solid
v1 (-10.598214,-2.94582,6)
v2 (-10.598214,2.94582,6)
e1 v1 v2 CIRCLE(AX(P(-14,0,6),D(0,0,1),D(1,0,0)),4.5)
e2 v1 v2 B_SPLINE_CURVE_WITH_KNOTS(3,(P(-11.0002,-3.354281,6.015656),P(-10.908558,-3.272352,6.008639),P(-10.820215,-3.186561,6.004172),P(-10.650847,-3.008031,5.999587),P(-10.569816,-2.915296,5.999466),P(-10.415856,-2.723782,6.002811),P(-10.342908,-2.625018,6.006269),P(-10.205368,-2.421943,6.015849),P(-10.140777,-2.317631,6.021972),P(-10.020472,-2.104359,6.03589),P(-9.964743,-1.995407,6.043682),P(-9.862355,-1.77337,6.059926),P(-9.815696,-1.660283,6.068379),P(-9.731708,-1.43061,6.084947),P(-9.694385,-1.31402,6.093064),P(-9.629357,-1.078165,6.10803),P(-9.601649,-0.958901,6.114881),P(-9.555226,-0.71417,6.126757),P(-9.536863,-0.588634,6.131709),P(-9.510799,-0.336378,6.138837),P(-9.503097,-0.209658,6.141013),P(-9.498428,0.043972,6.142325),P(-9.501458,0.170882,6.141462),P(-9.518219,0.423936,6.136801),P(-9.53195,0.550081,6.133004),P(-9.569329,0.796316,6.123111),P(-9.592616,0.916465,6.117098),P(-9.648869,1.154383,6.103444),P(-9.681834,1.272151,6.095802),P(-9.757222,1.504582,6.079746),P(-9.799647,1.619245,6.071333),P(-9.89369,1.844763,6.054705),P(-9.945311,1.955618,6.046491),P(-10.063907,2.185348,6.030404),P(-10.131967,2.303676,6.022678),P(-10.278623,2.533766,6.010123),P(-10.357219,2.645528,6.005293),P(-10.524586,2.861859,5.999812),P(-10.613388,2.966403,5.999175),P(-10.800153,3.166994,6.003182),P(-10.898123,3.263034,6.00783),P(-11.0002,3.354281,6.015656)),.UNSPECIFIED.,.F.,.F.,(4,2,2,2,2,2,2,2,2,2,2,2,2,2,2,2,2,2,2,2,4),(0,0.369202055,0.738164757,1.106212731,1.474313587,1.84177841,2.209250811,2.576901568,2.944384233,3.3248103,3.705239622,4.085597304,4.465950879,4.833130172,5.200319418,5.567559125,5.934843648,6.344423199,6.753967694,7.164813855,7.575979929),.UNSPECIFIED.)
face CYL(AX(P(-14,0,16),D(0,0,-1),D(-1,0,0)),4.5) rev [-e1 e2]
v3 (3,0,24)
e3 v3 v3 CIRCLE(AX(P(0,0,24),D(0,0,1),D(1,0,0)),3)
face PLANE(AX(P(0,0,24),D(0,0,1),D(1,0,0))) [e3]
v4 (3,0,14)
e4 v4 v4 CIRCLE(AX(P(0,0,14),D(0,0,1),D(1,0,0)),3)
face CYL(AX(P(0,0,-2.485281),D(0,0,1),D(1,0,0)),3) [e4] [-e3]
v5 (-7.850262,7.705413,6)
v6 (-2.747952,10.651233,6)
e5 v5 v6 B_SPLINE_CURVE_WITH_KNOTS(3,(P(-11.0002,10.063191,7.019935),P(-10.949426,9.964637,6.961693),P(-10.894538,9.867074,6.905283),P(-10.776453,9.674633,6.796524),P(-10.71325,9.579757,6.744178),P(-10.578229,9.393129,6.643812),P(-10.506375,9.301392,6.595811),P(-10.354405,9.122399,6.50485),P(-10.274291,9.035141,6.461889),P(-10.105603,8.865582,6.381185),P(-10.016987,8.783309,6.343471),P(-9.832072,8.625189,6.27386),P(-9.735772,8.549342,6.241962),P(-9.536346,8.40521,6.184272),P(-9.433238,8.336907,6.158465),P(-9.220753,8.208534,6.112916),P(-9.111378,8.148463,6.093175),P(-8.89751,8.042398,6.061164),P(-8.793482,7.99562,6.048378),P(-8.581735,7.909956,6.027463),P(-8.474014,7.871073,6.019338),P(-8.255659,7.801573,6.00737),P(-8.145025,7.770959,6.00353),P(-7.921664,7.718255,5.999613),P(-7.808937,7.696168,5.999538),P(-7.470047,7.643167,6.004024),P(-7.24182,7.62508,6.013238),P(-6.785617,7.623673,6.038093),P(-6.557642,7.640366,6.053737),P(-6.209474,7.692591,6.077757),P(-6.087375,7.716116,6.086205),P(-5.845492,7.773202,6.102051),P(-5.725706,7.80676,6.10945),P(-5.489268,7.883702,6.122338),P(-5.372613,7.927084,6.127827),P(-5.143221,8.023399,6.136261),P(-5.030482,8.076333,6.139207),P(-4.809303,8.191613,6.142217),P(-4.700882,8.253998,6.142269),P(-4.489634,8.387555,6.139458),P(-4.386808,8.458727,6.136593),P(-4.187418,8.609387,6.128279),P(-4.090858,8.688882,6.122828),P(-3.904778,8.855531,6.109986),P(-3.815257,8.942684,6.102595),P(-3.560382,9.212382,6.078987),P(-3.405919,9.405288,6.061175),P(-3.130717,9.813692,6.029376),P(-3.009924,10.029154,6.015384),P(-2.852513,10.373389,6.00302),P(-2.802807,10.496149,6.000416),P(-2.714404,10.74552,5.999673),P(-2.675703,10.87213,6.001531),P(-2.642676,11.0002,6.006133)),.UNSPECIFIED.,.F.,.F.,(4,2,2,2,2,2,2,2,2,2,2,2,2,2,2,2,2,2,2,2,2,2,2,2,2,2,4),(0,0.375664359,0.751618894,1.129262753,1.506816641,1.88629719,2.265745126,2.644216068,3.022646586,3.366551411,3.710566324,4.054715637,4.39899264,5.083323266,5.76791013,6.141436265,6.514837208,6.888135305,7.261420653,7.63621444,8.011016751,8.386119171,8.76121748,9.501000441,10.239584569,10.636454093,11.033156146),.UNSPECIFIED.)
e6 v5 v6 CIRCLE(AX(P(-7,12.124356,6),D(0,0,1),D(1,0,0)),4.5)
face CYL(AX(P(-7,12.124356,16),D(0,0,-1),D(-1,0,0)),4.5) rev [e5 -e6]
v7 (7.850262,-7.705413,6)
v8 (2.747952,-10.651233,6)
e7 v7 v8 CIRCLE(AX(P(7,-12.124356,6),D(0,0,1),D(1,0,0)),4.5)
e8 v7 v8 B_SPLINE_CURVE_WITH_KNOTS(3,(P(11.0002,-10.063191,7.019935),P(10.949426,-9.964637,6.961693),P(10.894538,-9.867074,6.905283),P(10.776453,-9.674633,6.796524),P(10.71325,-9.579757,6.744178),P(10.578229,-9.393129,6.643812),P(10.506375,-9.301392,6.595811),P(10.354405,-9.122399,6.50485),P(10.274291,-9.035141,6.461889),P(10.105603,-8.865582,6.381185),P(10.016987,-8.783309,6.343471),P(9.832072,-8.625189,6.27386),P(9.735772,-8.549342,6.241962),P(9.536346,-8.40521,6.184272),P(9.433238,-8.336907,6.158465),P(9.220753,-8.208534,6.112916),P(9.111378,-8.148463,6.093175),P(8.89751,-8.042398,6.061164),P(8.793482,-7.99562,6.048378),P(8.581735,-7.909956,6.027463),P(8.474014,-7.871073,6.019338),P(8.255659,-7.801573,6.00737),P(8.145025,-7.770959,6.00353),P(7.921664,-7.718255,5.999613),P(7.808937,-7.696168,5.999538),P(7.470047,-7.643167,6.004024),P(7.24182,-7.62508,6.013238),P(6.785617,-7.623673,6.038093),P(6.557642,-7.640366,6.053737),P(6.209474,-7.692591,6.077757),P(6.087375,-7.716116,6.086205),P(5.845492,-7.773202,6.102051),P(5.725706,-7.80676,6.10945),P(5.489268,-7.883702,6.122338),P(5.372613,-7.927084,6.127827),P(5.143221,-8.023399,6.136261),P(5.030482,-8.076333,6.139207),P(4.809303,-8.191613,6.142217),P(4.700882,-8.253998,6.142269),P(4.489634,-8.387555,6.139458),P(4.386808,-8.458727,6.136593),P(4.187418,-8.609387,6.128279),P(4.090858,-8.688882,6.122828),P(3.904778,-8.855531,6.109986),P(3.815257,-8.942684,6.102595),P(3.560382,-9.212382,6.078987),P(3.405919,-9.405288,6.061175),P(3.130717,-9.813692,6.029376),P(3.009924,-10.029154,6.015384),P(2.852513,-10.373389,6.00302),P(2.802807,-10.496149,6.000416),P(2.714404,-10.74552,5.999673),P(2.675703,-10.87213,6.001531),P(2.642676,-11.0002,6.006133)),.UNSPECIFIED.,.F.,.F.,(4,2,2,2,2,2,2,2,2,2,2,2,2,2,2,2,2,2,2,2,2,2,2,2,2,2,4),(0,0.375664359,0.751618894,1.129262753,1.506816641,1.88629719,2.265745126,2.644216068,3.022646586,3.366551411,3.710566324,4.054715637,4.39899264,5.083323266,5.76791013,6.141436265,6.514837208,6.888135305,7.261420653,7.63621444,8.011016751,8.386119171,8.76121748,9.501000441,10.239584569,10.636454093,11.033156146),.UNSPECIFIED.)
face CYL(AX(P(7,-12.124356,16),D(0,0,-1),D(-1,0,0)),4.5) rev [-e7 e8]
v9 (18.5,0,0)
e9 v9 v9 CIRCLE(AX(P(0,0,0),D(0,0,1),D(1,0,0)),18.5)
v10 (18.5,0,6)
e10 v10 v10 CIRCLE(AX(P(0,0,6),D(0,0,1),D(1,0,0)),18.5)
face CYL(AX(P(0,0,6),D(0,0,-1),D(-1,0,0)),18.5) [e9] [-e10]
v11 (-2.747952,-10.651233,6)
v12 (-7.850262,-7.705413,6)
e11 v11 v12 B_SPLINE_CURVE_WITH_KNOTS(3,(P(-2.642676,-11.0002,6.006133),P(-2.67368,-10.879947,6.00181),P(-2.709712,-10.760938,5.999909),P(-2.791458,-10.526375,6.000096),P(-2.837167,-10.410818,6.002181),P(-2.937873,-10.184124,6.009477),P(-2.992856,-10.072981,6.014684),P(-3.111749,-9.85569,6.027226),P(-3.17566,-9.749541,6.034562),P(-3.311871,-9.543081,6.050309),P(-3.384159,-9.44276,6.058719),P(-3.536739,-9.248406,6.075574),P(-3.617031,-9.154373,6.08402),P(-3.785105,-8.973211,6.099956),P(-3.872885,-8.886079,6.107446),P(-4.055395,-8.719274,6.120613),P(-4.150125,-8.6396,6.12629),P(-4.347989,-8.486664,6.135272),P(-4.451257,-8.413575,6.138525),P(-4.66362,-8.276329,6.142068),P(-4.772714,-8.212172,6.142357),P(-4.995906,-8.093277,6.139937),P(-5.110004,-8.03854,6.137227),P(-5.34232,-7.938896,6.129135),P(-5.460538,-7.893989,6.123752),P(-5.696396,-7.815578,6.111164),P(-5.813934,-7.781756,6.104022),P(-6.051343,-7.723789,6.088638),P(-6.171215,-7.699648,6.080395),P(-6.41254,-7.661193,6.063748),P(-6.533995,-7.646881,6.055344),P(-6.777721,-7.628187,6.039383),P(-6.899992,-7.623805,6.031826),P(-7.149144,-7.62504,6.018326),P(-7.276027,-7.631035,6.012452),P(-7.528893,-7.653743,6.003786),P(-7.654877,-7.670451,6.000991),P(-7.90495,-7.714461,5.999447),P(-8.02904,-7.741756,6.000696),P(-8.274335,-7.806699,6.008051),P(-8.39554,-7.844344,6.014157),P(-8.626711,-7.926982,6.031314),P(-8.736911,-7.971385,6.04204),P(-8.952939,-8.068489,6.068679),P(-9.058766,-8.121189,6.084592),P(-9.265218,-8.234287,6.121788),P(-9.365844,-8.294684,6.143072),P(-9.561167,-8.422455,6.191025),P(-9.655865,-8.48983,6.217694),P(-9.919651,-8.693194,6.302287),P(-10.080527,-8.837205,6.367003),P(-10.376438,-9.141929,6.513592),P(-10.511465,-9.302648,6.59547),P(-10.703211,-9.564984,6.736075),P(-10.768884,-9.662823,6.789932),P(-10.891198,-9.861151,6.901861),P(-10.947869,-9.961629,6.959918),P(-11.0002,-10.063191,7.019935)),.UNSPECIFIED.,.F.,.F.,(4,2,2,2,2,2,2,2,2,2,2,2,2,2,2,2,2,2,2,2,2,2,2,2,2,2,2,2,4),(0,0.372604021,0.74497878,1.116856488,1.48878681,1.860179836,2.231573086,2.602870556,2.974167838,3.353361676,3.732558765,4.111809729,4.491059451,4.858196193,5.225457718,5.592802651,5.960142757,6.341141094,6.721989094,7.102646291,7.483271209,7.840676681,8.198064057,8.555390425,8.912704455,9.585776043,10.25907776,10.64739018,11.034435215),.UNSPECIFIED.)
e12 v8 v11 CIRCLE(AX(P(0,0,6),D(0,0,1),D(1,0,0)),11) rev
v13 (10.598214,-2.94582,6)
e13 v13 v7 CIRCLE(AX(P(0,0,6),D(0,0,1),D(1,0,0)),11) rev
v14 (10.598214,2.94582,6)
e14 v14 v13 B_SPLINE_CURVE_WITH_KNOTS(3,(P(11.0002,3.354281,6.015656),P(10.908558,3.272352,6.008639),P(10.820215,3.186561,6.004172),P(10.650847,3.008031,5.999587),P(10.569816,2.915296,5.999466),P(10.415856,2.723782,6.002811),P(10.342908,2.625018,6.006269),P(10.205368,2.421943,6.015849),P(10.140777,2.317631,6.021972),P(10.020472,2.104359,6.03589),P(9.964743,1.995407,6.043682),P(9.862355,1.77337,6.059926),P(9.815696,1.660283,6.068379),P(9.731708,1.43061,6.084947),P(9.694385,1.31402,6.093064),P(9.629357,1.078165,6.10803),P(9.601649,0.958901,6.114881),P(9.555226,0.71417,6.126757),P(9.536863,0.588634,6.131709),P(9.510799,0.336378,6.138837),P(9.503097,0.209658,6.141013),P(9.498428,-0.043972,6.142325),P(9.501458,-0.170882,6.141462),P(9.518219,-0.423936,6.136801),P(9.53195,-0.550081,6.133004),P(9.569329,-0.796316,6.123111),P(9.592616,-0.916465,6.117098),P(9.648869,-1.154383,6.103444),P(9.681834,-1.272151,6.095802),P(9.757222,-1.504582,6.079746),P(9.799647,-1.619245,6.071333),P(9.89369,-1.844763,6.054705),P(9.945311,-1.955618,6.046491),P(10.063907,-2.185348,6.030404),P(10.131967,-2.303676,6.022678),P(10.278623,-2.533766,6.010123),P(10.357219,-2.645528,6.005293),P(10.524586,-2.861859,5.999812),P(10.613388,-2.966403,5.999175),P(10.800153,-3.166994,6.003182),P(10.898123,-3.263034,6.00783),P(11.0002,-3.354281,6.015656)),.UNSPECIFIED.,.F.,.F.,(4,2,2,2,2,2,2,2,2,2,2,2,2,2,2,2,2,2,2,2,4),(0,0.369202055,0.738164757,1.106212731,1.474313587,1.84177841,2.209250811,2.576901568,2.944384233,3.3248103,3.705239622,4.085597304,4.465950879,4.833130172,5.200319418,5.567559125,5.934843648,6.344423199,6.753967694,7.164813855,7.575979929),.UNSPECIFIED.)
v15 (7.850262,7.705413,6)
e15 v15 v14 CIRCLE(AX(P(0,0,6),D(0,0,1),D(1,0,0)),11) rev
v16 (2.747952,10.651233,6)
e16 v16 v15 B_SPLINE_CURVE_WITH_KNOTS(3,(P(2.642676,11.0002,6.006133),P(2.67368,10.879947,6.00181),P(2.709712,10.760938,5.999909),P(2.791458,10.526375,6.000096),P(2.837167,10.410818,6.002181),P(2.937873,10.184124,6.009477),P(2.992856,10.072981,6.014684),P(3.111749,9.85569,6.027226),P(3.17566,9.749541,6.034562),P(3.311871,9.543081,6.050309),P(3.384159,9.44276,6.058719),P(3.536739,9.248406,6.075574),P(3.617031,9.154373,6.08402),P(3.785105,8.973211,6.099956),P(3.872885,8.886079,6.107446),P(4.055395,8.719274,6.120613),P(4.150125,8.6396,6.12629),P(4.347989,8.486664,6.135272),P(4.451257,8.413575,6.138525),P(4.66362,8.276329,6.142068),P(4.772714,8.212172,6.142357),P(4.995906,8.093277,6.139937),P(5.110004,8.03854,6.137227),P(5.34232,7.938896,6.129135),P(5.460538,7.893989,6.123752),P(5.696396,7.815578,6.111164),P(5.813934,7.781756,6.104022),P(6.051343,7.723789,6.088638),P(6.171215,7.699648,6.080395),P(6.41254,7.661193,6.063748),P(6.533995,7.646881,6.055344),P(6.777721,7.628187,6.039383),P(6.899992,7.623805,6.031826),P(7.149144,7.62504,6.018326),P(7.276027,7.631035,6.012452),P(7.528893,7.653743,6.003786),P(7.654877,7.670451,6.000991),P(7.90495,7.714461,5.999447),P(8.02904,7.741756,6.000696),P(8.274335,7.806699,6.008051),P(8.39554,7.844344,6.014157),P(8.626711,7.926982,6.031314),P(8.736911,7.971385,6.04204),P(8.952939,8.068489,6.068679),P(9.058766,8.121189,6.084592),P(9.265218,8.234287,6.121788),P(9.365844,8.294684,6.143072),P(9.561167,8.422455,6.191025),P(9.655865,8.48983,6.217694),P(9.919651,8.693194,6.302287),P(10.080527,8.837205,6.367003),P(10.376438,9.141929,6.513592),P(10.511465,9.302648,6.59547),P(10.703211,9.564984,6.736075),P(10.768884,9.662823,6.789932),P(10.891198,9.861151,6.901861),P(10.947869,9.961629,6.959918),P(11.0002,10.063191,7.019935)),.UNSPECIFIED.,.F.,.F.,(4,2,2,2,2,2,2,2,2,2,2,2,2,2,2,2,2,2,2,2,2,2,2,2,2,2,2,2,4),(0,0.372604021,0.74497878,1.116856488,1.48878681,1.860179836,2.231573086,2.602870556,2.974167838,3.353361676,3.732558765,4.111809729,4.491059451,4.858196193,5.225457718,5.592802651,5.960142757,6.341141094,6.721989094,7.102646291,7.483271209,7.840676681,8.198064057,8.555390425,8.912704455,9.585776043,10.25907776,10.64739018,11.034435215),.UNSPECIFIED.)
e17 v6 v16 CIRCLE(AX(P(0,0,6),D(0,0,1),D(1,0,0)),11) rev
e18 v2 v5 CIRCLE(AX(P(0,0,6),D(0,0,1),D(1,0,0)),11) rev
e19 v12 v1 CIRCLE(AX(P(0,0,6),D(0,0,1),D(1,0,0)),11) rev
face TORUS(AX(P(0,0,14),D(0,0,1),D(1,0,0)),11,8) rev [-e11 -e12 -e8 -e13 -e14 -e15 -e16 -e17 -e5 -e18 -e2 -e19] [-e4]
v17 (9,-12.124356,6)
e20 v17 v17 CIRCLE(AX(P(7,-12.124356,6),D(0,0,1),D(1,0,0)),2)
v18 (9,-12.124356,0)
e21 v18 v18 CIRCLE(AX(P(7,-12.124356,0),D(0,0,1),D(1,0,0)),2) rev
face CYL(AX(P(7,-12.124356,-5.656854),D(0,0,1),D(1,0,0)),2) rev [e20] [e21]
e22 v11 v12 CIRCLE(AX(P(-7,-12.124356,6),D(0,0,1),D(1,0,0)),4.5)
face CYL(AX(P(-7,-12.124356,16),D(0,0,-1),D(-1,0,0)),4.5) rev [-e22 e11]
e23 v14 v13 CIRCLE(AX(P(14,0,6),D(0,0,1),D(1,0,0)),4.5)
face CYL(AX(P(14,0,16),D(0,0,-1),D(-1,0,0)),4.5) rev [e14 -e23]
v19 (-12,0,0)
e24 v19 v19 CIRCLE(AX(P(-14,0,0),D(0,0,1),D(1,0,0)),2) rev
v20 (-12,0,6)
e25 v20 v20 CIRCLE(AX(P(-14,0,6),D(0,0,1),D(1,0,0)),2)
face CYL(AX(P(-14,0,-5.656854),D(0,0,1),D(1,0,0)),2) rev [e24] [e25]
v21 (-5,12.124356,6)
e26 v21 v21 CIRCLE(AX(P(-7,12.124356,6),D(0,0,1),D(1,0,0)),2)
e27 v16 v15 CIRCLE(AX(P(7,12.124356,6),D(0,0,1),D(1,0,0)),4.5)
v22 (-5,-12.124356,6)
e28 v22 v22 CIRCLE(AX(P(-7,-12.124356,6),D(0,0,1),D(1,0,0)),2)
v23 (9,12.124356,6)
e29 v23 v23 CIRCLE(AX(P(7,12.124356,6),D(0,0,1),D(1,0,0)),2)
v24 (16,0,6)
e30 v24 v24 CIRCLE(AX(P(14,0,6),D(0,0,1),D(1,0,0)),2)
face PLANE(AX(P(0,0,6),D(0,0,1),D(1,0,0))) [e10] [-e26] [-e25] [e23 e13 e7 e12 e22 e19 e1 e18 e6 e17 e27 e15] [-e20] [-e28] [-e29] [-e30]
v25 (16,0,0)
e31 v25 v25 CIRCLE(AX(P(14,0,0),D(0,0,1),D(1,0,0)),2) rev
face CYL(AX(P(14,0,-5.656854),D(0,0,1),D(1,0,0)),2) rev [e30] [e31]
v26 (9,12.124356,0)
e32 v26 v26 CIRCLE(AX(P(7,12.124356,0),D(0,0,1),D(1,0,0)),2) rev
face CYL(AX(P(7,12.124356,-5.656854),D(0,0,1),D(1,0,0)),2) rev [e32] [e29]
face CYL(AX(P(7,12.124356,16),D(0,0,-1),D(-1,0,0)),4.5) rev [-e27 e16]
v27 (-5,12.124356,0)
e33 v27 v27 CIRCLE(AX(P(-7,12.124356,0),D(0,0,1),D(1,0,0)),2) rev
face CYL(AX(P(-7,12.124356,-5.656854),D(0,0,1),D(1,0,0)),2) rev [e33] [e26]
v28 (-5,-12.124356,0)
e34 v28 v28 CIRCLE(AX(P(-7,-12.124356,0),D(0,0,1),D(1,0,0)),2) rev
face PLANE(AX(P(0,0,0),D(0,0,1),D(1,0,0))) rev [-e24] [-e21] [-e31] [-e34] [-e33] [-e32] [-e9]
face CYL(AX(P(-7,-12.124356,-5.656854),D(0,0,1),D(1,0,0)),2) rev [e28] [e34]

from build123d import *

# Parameters (mm, degrees)
SKETCH1_R           = 18.5
BOSS_EXTRUDE1_DEPTH = 6
SKETCH3_R           = 2
CUT_EXTRUDE1_DEPTH  = 6
SKETCH7_R           = 3
BOSS_EXTRUDE4_DEPTH = 18
FILLET3_R           = 8
SKETCH8_R           = 4.5
CUT_EXTRUDE2_DEPTH  = 10


with BuildPart() as part:
    # Sketch1 → Boss-Extrude1 (new body)
    with BuildSketch(Plane.XY):
        Circle(SKETCH1_R)
    extrude(amount=BOSS_EXTRUDE1_DEPTH)

    # Sketch3 → Cut-Extrude1 (cut)
    with BuildSketch(Plane.XY.offset(6)):
        with Locations((-14, 0)):
            Circle(SKETCH3_R)
        with Locations((-7, 12.124355653)):
            Circle(SKETCH3_R)
        with Locations((7, 12.124355653)):
            Circle(SKETCH3_R)
        with Locations((14, 0)):
            Circle(SKETCH3_R)
        with Locations((7, -12.124355653)):
            Circle(SKETCH3_R)
        with Locations((-7, -12.124355653)):
            Circle(SKETCH3_R)
    extrude(amount=-CUT_EXTRUDE1_DEPTH, mode=Mode.SUBTRACT)

    # Sketch7 → Boss-Extrude4 (add)
    with BuildSketch(Plane.XY.offset(24)):
        Circle(SKETCH7_R)
    extrude(amount=-BOSS_EXTRUDE4_DEPTH)

    # Fillet3
    fillet3_edges = [part.edges().sort_by_distance(p)[0] for p in [
        (-3, 0, 6),
    ]]
    fillet(fillet3_edges, radius=FILLET3_R)

    # Sketch8 → Cut-Extrude2 (cut)
    with BuildSketch(Plane.XY.offset(6)):
        with Locations((-14, 0)):
            Circle(SKETCH8_R)
        with Locations((-7, 12.124355653)):
            Circle(SKETCH8_R)
        with Locations((7, 12.124355653)):
            Circle(SKETCH8_R)
        with Locations((14, 0)):
            Circle(SKETCH8_R)
        with Locations((7, -12.124355653)):
            Circle(SKETCH8_R)
        with Locations((-7, -12.124355653)):
            Circle(SKETCH8_R)
    extrude(amount=CUT_EXTRUDE2_DEPTH, mode=Mode.SUBTRACT)


solid = part.part
